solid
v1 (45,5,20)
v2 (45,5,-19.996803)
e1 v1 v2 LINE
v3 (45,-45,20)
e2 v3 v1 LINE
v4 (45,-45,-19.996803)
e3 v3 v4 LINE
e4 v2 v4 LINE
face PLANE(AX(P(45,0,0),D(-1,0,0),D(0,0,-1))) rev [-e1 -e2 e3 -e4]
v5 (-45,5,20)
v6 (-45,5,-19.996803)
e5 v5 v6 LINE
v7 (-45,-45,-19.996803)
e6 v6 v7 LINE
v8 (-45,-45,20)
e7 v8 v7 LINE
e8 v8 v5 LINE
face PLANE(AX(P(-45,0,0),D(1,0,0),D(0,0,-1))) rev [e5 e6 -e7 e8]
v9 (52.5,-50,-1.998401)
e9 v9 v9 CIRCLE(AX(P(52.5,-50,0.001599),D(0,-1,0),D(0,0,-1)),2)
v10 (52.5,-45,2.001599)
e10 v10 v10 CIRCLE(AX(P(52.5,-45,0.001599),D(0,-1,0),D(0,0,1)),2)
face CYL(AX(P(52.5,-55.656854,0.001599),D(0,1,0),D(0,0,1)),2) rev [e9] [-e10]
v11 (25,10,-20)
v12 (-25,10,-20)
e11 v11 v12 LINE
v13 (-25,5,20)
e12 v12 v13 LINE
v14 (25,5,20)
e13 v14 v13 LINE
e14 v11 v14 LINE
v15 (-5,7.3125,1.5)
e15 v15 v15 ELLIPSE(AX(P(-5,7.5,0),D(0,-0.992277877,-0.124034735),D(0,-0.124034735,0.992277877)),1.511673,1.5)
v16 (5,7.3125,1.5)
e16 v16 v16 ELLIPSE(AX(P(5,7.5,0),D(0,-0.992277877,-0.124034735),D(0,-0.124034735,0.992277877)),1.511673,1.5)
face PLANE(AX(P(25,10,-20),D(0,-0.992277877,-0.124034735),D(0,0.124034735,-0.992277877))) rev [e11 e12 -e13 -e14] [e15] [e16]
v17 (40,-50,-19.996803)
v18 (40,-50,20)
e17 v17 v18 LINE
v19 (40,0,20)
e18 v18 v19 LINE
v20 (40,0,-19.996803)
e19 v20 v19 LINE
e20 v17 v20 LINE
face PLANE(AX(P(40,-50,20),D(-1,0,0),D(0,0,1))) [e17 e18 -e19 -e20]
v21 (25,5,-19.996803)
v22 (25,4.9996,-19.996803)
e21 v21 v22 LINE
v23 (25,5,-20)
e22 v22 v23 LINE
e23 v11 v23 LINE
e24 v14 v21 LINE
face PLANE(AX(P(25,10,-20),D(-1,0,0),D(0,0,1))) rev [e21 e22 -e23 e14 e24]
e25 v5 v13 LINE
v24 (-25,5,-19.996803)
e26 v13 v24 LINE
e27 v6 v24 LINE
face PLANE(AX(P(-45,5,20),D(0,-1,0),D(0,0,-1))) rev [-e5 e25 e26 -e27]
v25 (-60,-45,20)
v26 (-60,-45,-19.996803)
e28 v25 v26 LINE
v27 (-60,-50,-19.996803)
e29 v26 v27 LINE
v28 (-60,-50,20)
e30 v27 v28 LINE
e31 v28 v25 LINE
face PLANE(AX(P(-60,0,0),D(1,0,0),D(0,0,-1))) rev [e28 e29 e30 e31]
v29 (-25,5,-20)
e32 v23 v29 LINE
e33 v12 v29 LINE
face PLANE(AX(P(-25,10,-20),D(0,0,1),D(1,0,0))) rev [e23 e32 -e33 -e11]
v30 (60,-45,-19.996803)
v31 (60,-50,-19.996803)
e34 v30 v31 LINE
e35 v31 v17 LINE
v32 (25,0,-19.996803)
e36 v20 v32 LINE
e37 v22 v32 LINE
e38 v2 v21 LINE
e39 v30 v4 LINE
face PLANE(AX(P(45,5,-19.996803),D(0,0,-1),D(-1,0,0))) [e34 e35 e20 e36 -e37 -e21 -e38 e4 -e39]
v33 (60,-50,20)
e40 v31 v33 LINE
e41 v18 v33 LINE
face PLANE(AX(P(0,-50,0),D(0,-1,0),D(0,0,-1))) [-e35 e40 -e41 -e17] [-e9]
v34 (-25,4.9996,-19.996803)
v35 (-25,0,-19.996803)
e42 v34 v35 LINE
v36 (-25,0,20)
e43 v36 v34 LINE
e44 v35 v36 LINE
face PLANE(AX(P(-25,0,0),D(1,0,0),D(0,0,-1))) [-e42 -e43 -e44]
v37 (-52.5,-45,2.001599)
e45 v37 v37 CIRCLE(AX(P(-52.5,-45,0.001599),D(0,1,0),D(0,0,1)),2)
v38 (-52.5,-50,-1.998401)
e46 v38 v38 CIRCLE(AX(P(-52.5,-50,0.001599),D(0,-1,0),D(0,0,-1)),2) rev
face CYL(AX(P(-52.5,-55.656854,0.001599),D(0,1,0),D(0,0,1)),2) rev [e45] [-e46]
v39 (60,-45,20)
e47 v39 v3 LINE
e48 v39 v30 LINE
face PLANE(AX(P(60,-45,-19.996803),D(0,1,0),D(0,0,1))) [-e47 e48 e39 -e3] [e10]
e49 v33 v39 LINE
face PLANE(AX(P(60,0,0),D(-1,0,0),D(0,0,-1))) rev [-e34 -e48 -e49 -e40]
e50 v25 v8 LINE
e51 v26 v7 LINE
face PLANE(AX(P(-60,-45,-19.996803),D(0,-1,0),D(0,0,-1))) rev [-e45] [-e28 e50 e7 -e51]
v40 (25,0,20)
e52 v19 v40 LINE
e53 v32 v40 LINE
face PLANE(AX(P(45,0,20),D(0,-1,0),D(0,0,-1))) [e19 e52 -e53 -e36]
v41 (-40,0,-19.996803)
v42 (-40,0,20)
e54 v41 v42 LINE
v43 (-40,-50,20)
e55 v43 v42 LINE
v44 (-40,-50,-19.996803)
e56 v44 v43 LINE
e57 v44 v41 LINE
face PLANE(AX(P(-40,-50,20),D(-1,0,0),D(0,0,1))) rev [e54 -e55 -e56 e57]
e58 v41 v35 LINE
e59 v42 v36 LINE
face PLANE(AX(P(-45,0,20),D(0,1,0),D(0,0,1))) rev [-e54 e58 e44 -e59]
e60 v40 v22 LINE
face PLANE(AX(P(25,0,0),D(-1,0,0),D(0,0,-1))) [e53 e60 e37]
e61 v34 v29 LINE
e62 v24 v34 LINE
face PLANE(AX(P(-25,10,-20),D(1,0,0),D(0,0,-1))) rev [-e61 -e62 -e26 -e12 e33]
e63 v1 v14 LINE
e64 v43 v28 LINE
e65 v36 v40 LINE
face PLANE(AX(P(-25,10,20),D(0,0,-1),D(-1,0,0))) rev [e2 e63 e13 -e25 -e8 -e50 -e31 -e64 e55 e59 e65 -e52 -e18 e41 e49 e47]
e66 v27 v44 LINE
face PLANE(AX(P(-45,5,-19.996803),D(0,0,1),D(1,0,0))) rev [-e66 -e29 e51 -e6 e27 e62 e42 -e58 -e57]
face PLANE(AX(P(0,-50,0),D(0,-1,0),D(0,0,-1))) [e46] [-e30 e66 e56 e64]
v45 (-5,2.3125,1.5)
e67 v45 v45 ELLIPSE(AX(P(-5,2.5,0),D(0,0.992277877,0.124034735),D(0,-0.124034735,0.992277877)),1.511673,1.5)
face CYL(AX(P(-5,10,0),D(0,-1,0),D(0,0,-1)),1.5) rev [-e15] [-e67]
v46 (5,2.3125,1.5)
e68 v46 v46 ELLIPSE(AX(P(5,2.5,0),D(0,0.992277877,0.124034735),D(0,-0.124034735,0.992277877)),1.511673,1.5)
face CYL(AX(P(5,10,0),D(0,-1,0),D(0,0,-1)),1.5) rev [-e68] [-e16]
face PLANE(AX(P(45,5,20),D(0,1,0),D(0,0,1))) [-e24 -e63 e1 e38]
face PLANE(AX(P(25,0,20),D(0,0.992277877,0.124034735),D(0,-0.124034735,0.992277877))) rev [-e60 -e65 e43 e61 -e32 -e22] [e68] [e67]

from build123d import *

# Parameters (mm, degrees)
SKETCH1_W           = 50
SKETCH1_H           = 40
SKETCH1_R           = 1.5
BOSS_EXTRUDE1_DEPTH = 10
CUT_EXTRUDE2_DEPTH  = 50
SKETCH4_W           = 39.996802558
SKETCH4_H           = 5
BOSS_EXTRUDE2_DEPTH = 20
SKETCH5_W           = 5
SKETCH5_H           = 39.996802558
BOSS_EXTRUDE3_DEPTH = 50
SKETCH6_W           = 39.996802558
SKETCH6_H           = 5
BOSS_EXTRUDE4_DEPTH = 15
SKETCH9_R           = 2
CUT_EXTRUDE6_DEPTH  = 5


with BuildPart() as part:
    # Sketch1 → Boss-Extrude1 (new body)
    with BuildSketch(Plane(origin=(0, 0, 0), x_dir=(1, 0, 0), z_dir=(0, 1, 0))):
        Rectangle(SKETCH1_W, SKETCH1_H)
        with Locations(Location((5, 0, 0), (0, 0, 270))):
            Circle(SKETCH1_R, mode=Mode.SUBTRACT)
        with Locations(Location((-5, 0, 0), (0, 0, 90))):
            Circle(SKETCH1_R, mode=Mode.SUBTRACT)
    extrude(amount=BOSS_EXTRUDE1_DEPTH)

    # Sketch3 → Cut-Extrude2 (cut)
    with BuildSketch(Plane.ZY.offset(25)):
        Polygon((-20, 10), (20, 5), (20, 10), align=None)
        Polygon((20, 0), (-20, 5), (-20, 0), align=None)
    extrude(amount=-CUT_EXTRUDE2_DEPTH, mode=Mode.SUBTRACT)

    # Sketch4 → Boss-Extrude2 (add)
    with BuildSketch(Plane.ZY.offset(25)):
        with Locations((0.001598721, 2.5)):
            Rectangle(SKETCH4_W, SKETCH4_H)
    boss_extrude2 = extrude(amount=BOSS_EXTRUDE2_DEPTH)

    # Sketch5 → Boss-Extrude3 (add)
    with BuildSketch(Plane.XZ):
        with Locations((-42.5, 0.001598721)):
            Rectangle(SKETCH5_W, SKETCH5_H)
    boss_extrude3 = extrude(amount=BOSS_EXTRUDE3_DEPTH)

    # Sketch6 → Boss-Extrude4 (add)
    with BuildSketch(Plane.ZY.offset(45)):
        with Locations((0.001598721, -47.5)):
            Rectangle(SKETCH6_W, SKETCH6_H)
    boss_extrude4 = extrude(amount=BOSS_EXTRUDE4_DEPTH)

    # Sketch9 → Cut-Extrude6 (cut)
    with BuildSketch(Plane(origin=(0, -45, 0), x_dir=(1, 0, 0), z_dir=(0, 1, 0))):
        with Locations(Location((-52.5, -0.001598721, 0), (0, 0, 270))):
            Circle(SKETCH9_R)
    cut_extrude6 = extrude(amount=-CUT_EXTRUDE6_DEPTH, mode=Mode.SUBTRACT)

    # Mirror3: Boss-Extrude2, Boss-Extrude3, Boss-Extrude4, Cut-Extrude6 across plane
    add(boss_extrude2.mirror(Plane(origin=(0, 0, 0), x_dir=(0, 0, 1), z_dir=(1, 0, 0))))
    add(boss_extrude3.mirror(Plane(origin=(0, 0, 0), x_dir=(0, 0, 1), z_dir=(1, 0, 0))))
    add(boss_extrude4.mirror(Plane(origin=(0, 0, 0), x_dir=(0, 0, 1), z_dir=(1, 0, 0))))
    add(cut_extrude6.mirror(Plane(origin=(0, 0, 0), x_dir=(0, 0, 1), z_dir=(1, 0, 0))), mode=Mode.SUBTRACT)


solid = part.part
